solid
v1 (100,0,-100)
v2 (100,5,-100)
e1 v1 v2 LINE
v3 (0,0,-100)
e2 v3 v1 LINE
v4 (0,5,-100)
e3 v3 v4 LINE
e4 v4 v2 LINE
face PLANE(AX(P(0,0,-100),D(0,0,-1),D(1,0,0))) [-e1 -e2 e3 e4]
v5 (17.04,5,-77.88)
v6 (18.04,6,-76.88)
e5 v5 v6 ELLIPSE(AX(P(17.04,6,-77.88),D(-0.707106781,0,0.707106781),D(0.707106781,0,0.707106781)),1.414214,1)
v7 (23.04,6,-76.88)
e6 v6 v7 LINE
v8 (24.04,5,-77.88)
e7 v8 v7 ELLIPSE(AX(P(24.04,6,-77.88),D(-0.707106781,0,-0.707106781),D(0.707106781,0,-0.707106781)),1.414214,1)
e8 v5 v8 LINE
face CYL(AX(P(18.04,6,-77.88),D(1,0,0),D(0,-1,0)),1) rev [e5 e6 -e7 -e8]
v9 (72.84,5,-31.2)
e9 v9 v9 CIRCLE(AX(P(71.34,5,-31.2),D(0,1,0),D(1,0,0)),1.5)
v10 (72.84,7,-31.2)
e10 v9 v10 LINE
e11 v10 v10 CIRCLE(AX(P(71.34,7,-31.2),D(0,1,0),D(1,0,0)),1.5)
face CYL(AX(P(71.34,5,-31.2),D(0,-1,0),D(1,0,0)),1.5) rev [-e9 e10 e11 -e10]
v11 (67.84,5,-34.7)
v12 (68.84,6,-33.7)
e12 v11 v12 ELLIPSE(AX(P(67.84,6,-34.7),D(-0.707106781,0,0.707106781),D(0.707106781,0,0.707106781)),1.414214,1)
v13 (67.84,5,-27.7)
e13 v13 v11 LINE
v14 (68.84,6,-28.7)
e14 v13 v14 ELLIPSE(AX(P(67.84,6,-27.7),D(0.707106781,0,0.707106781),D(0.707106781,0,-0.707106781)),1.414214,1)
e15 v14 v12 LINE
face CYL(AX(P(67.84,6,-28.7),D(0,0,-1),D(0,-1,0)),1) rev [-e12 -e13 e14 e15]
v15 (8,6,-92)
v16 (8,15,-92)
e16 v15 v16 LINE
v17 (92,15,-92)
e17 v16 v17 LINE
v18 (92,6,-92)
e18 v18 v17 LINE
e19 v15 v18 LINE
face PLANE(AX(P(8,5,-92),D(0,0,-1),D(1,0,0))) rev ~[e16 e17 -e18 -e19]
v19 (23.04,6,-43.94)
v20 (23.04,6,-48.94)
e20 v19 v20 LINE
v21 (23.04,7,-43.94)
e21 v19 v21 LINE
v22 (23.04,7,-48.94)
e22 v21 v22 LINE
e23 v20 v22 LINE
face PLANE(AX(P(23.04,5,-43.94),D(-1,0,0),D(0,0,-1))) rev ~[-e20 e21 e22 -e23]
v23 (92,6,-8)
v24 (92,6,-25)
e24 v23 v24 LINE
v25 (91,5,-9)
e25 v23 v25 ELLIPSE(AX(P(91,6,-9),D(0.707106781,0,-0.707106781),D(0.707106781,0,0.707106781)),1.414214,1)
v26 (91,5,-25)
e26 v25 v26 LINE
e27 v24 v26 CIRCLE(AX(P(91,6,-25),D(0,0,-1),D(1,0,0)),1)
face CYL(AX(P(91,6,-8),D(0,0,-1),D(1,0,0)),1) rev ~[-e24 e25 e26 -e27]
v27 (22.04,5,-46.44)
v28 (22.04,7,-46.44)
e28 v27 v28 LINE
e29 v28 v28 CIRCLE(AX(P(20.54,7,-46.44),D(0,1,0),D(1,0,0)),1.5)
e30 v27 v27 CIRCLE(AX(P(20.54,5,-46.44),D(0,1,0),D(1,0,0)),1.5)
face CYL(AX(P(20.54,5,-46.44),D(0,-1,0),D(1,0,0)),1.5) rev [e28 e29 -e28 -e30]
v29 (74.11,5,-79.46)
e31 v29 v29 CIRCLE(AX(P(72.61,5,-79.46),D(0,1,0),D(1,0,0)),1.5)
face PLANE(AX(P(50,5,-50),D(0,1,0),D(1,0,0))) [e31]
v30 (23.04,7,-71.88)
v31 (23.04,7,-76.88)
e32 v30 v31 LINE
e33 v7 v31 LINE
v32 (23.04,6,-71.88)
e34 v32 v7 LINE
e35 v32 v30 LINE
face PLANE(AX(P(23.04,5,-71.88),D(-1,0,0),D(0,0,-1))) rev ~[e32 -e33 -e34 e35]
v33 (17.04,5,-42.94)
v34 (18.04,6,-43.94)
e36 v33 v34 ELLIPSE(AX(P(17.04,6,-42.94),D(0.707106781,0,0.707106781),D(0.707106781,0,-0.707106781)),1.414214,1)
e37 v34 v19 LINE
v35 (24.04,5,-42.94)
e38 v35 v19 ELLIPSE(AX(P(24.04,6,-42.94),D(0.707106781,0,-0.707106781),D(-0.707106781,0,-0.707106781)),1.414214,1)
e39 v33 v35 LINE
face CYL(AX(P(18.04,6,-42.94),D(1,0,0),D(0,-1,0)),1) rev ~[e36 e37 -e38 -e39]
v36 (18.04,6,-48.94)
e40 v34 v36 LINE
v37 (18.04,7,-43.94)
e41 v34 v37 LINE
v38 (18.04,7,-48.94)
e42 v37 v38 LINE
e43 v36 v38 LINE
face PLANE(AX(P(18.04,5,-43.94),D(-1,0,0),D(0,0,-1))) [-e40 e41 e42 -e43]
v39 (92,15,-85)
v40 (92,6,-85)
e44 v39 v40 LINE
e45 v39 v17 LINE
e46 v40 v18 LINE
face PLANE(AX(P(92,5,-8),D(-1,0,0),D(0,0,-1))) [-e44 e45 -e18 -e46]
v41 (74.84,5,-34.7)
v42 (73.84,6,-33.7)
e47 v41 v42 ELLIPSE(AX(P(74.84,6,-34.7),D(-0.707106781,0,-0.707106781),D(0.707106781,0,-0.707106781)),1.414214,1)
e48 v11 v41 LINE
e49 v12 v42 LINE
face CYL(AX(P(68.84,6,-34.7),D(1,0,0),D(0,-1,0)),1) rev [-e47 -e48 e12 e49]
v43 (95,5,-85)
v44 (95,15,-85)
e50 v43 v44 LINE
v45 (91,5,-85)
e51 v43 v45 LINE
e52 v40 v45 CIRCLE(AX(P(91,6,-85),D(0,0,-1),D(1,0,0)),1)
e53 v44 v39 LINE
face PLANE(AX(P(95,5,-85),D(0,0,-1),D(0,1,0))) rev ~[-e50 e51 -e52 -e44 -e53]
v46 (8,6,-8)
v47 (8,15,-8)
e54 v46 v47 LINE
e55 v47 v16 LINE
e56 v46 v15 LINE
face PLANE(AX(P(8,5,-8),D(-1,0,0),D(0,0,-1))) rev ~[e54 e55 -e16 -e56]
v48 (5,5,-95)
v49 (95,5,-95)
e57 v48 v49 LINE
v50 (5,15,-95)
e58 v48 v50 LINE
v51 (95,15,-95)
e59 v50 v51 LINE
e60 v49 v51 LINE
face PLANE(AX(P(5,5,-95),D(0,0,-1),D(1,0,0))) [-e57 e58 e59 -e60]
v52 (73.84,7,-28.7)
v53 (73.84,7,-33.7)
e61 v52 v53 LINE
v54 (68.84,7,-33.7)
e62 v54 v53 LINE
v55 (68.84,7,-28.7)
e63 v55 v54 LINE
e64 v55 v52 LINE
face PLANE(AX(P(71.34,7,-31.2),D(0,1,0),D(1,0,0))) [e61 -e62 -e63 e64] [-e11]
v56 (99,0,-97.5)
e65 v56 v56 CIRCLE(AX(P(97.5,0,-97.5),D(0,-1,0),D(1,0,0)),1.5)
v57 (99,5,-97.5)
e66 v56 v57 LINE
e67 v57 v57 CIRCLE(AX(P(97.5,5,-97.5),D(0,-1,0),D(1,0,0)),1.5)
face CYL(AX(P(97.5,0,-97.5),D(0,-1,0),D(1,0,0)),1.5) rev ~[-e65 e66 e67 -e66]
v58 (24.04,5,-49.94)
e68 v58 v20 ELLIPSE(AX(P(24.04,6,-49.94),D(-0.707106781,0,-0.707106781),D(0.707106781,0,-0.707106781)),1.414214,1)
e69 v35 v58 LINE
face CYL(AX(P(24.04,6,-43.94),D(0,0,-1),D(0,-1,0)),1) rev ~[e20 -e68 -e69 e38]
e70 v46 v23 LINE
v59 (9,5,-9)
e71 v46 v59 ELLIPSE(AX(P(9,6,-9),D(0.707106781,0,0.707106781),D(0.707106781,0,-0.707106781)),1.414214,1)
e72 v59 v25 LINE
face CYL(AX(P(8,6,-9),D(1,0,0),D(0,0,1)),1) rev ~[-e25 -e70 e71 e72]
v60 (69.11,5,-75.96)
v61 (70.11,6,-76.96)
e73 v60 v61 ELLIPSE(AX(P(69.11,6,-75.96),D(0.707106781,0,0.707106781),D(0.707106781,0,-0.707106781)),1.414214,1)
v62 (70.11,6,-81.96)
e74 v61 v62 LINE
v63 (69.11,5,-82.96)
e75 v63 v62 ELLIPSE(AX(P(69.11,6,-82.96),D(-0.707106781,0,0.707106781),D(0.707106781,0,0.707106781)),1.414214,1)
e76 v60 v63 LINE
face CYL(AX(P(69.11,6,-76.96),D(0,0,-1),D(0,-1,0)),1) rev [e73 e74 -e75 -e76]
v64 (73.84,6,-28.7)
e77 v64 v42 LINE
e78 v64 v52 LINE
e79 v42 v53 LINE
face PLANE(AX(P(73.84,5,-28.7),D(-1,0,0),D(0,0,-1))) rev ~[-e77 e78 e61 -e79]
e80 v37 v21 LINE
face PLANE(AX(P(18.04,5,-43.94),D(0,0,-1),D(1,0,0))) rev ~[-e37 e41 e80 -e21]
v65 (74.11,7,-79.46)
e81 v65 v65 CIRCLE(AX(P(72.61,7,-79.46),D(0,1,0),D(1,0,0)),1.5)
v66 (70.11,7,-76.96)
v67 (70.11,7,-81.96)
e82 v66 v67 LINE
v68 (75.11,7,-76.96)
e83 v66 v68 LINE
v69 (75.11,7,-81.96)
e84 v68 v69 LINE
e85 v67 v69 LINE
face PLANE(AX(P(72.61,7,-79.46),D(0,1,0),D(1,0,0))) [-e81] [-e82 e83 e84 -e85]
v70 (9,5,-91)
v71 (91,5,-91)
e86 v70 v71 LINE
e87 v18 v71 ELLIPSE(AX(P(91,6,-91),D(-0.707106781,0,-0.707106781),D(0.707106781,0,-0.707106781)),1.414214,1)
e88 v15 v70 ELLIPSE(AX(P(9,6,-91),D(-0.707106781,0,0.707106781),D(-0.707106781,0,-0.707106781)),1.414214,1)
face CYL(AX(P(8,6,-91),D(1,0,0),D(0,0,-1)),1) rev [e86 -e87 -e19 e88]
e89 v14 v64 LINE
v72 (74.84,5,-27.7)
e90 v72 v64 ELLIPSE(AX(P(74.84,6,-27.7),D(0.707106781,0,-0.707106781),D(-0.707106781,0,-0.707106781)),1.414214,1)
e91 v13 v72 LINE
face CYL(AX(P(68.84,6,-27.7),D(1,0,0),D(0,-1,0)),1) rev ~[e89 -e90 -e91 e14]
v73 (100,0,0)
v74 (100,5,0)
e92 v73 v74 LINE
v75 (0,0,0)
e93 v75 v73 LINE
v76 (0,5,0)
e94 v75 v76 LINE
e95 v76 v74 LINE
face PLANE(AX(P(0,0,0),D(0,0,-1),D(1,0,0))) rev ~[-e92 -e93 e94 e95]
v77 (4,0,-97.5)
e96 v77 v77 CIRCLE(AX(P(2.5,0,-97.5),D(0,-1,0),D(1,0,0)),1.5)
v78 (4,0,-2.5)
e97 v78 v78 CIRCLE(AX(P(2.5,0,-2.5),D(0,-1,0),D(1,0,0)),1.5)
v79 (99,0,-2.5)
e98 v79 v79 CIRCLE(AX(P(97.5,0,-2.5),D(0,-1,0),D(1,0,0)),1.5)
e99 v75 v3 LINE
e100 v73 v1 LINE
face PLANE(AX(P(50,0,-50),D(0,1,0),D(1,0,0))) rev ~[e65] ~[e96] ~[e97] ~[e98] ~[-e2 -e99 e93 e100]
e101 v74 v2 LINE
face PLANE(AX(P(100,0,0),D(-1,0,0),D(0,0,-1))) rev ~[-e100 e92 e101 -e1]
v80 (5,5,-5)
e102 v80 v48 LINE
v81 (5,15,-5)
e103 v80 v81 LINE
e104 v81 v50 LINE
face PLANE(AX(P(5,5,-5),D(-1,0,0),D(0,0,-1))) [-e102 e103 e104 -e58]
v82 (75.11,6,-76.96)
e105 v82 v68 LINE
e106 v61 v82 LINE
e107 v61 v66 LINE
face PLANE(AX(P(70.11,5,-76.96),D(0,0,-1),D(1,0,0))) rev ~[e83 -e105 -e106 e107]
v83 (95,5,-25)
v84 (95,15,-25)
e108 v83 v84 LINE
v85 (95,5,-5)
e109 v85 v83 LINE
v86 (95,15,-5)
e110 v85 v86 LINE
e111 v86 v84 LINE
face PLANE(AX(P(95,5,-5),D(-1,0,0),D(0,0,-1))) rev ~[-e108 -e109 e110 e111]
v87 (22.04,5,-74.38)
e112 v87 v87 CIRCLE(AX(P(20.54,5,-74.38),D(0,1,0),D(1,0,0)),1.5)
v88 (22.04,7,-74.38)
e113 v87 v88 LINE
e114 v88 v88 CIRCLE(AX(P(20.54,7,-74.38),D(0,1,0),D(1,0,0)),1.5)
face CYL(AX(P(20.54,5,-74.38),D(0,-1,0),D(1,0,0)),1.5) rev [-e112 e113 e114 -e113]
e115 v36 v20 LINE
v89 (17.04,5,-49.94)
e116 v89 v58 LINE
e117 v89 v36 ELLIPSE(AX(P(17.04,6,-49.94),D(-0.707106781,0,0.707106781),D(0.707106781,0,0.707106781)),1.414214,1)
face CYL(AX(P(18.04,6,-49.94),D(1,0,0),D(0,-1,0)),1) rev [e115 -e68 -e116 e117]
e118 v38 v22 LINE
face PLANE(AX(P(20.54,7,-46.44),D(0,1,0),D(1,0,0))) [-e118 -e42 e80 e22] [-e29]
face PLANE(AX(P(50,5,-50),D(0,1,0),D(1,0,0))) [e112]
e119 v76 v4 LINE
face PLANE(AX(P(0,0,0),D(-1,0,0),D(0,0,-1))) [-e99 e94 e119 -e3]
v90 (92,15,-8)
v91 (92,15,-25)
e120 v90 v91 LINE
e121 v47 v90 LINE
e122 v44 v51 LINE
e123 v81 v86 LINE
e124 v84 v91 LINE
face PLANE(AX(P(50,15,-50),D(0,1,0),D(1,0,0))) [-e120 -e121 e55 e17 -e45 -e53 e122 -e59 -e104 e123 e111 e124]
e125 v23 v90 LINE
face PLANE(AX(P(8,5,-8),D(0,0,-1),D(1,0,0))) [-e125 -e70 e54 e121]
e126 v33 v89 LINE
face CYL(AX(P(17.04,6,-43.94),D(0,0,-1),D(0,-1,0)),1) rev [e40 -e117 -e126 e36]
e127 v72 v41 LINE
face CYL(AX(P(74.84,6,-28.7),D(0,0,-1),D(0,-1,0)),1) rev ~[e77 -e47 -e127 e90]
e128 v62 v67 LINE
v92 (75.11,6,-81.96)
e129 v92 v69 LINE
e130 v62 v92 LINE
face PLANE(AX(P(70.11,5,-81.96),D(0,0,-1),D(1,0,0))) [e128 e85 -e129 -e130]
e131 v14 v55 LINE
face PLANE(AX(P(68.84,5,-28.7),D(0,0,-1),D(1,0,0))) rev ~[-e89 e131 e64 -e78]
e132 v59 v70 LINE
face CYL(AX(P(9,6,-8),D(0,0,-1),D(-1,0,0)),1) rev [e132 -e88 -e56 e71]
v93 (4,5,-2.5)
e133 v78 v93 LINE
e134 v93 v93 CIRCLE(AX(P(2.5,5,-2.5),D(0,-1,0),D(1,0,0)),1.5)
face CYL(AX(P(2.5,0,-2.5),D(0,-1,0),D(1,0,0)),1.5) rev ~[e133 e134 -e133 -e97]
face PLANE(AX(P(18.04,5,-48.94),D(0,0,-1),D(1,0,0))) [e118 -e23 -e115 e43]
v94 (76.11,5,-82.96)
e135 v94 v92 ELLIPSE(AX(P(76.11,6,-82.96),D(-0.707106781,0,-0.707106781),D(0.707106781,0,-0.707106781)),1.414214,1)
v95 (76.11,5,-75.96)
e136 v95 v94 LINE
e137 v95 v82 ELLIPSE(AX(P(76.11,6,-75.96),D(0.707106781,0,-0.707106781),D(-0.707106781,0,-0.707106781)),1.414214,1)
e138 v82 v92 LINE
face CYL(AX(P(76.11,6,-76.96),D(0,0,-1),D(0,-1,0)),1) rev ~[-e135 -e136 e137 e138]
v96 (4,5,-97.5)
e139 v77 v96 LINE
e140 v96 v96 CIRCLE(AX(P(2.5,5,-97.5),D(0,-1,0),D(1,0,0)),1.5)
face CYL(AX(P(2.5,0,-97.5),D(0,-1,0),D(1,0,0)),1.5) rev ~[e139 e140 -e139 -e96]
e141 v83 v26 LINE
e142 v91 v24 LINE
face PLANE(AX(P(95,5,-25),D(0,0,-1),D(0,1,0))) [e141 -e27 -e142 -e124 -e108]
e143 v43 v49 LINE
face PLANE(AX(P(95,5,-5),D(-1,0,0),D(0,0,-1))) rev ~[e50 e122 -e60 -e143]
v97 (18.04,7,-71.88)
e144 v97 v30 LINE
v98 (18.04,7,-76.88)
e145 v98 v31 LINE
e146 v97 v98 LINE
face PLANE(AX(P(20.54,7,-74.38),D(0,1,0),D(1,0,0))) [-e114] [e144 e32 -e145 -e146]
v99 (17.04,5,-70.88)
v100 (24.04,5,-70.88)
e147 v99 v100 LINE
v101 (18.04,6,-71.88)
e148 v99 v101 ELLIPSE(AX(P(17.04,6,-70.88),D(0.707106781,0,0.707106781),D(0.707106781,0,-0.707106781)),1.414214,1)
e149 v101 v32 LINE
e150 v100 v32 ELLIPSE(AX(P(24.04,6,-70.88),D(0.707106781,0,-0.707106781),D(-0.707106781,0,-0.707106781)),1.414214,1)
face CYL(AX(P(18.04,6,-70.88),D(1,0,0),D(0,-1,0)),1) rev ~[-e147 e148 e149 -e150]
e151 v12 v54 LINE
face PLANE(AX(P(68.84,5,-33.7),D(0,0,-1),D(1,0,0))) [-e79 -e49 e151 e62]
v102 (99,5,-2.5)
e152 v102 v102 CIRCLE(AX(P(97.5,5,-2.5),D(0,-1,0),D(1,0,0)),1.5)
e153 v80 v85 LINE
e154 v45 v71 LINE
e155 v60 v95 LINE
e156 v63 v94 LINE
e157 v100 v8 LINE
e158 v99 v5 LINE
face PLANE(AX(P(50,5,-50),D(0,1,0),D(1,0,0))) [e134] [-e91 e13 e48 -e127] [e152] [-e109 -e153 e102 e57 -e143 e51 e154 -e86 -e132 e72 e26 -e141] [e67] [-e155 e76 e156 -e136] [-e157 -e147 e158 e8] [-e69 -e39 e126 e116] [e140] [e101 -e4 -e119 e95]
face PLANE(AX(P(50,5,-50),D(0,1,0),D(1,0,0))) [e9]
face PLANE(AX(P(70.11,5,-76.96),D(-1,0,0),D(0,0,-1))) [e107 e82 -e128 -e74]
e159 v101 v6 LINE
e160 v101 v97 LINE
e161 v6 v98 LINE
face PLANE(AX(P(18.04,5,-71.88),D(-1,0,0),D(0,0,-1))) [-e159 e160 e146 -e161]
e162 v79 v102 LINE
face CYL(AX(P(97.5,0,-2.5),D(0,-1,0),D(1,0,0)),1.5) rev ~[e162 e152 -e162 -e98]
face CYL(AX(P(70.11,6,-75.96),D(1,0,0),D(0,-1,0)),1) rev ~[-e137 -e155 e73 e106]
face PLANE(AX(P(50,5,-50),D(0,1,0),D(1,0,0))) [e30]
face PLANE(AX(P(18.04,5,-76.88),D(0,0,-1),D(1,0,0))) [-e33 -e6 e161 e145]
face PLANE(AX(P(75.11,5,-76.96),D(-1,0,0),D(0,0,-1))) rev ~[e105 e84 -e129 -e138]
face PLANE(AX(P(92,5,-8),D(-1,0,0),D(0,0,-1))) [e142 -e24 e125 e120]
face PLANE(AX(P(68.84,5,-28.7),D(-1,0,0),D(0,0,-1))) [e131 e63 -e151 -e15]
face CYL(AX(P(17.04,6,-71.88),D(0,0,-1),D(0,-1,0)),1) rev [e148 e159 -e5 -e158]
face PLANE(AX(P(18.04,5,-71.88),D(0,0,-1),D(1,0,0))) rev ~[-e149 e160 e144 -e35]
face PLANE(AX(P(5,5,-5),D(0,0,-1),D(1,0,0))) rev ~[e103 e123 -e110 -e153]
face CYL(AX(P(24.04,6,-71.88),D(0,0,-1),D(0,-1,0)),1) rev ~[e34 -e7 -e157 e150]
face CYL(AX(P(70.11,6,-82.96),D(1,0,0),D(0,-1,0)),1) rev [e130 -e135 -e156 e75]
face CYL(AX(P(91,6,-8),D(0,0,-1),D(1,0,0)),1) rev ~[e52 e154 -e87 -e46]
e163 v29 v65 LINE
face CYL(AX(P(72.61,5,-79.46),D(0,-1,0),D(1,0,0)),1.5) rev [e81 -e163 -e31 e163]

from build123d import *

# Parameters (mm, degrees)
SKETCH1_W            = 100
SKETCH1_H            = 100
BOSS_EXTRUDE1_DEPTH  = 5
SKETCH2_W            = 90
SKETCH2_H            = 90
SKETCH2_W_2          = 84
SKETCH2_H_2          = 84
BOSS_EXTRUDE2_DEPTH  = 10
SKETCH4_W            = 5
SKETCH4_H            = 5
SKETCH4_R            = 1.5
BOSS_EXTRUDE3_DEPTH  = 2
FILLET1_R            = 1
SKETCH5_W            = 60
SKETCH5_H            = 10
CUT_EXTRUDE1_DEPTH   = 5
SKETCH6_R            = 1.5
CUT_EXTRUDE2_DEPTH   = 5
LPATTERN1_COUNT      = 2
LPATTERN1_PITCH      = 95
LPATTERN1_COUNT_DIR2 = 2
LPATTERN1_PITCH_DIR2 = 95


with BuildPart() as part:
    # Sketch1 → Boss-Extrude1 (new body)
    with BuildSketch(Plane(origin=(0, 0, 0), x_dir=(1, 0, 0), z_dir=(0, 1, 0))):
        with Locations((50, 50)):
            Rectangle(SKETCH1_W, SKETCH1_H)
    extrude(amount=BOSS_EXTRUDE1_DEPTH)

    # Sketch2 → Boss-Extrude2 (add)
    with BuildSketch(Plane(origin=(0, 5, 0), x_dir=(1, 0, 0), z_dir=(0, 1, 0))):
        with Locations((50, 50)):
            Rectangle(SKETCH2_W, SKETCH2_H)
        with Locations((50, 50)):
            Rectangle(SKETCH2_W_2, SKETCH2_H_2, mode=Mode.SUBTRACT)
    extrude(amount=BOSS_EXTRUDE2_DEPTH)

    # Sketch4 → Boss-Extrude3 (add)
    with BuildSketch(Plane(origin=(0, 5, 0), x_dir=(1, 0, 0), z_dir=(0, 1, 0))):
        with Locations((20.54, 46.44)):
            Rectangle(SKETCH4_W, SKETCH4_H)
        with Locations((20.54, 46.44)):
            Circle(SKETCH4_R, mode=Mode.SUBTRACT)
        with Locations((20.54, 74.38)):
            Rectangle(SKETCH4_W, SKETCH4_H)
        with Locations((20.54, 74.38)):
            Circle(SKETCH4_R, mode=Mode.SUBTRACT)
        with Locations((72.61, 79.46)):
            Rectangle(SKETCH4_W, SKETCH4_H)
        with Locations((72.61, 79.46)):
            Circle(SKETCH4_R, mode=Mode.SUBTRACT)
        with Locations((71.34, 31.2)):
            Rectangle(SKETCH4_W, SKETCH4_H)
        with Locations((71.34, 31.2)):
            Circle(SKETCH4_R, mode=Mode.SUBTRACT)
    extrude(amount=BOSS_EXTRUDE3_DEPTH)

    # Fillet1
    fillet1_edges = [part.edges().sort_by_distance(p)[0] for p in [
        (8, 5, -50),
        (50, 5, -8),
        (92, 5, -50),
        (50, 5, -92),
        (23.04, 5, -74.38),
        (20.54, 5, -76.88),
        (18.04, 5, -74.38),
        (20.54, 5, -71.88),
        (75.11, 5, -79.46),
        (72.61, 5, -81.96),
        (70.11, 5, -79.46),
        (72.61, 5, -76.96),
        (23.04, 5, -46.44),
        (20.54, 5, -48.94),
        (18.04, 5, -46.44),
        (20.54, 5, -43.94),
        (73.84, 5, -31.2),
        (71.34, 5, -33.7),
        (68.84, 5, -31.2),
        (71.34, 5, -28.7),
    ]]
    fillet(fillet1_edges, radius=FILLET1_R)

    # Sketch5 → Cut-Extrude1 (cut)
    with BuildSketch(Plane(origin=(95, 0, 0), x_dir=(0, 0, -1), z_dir=(1, 0, 0))):
        with Locations((55, 10)):
            Rectangle(SKETCH5_W, SKETCH5_H)
    extrude(amount=-CUT_EXTRUDE1_DEPTH, mode=Mode.SUBTRACT)

    # Sketch6 → Cut-Extrude2 (cut)
    with BuildSketch(Plane.XZ):
        with Locations((2.5, -2.5)):
            Circle(SKETCH6_R)
    cut_extrude2 = extrude(amount=-CUT_EXTRUDE2_DEPTH, mode=Mode.SUBTRACT)

    # LPattern1: Cut-Extrude2 2 × 2
    with Locations(*[(i * LPATTERN1_PITCH, 0, -j * LPATTERN1_PITCH_DIR2) for i in range(LPATTERN1_COUNT) for j in range(LPATTERN1_COUNT_DIR2) if (i, j) != (0, 0)]):
        add(cut_extrude2, mode=Mode.SUBTRACT)


solid = part.part
